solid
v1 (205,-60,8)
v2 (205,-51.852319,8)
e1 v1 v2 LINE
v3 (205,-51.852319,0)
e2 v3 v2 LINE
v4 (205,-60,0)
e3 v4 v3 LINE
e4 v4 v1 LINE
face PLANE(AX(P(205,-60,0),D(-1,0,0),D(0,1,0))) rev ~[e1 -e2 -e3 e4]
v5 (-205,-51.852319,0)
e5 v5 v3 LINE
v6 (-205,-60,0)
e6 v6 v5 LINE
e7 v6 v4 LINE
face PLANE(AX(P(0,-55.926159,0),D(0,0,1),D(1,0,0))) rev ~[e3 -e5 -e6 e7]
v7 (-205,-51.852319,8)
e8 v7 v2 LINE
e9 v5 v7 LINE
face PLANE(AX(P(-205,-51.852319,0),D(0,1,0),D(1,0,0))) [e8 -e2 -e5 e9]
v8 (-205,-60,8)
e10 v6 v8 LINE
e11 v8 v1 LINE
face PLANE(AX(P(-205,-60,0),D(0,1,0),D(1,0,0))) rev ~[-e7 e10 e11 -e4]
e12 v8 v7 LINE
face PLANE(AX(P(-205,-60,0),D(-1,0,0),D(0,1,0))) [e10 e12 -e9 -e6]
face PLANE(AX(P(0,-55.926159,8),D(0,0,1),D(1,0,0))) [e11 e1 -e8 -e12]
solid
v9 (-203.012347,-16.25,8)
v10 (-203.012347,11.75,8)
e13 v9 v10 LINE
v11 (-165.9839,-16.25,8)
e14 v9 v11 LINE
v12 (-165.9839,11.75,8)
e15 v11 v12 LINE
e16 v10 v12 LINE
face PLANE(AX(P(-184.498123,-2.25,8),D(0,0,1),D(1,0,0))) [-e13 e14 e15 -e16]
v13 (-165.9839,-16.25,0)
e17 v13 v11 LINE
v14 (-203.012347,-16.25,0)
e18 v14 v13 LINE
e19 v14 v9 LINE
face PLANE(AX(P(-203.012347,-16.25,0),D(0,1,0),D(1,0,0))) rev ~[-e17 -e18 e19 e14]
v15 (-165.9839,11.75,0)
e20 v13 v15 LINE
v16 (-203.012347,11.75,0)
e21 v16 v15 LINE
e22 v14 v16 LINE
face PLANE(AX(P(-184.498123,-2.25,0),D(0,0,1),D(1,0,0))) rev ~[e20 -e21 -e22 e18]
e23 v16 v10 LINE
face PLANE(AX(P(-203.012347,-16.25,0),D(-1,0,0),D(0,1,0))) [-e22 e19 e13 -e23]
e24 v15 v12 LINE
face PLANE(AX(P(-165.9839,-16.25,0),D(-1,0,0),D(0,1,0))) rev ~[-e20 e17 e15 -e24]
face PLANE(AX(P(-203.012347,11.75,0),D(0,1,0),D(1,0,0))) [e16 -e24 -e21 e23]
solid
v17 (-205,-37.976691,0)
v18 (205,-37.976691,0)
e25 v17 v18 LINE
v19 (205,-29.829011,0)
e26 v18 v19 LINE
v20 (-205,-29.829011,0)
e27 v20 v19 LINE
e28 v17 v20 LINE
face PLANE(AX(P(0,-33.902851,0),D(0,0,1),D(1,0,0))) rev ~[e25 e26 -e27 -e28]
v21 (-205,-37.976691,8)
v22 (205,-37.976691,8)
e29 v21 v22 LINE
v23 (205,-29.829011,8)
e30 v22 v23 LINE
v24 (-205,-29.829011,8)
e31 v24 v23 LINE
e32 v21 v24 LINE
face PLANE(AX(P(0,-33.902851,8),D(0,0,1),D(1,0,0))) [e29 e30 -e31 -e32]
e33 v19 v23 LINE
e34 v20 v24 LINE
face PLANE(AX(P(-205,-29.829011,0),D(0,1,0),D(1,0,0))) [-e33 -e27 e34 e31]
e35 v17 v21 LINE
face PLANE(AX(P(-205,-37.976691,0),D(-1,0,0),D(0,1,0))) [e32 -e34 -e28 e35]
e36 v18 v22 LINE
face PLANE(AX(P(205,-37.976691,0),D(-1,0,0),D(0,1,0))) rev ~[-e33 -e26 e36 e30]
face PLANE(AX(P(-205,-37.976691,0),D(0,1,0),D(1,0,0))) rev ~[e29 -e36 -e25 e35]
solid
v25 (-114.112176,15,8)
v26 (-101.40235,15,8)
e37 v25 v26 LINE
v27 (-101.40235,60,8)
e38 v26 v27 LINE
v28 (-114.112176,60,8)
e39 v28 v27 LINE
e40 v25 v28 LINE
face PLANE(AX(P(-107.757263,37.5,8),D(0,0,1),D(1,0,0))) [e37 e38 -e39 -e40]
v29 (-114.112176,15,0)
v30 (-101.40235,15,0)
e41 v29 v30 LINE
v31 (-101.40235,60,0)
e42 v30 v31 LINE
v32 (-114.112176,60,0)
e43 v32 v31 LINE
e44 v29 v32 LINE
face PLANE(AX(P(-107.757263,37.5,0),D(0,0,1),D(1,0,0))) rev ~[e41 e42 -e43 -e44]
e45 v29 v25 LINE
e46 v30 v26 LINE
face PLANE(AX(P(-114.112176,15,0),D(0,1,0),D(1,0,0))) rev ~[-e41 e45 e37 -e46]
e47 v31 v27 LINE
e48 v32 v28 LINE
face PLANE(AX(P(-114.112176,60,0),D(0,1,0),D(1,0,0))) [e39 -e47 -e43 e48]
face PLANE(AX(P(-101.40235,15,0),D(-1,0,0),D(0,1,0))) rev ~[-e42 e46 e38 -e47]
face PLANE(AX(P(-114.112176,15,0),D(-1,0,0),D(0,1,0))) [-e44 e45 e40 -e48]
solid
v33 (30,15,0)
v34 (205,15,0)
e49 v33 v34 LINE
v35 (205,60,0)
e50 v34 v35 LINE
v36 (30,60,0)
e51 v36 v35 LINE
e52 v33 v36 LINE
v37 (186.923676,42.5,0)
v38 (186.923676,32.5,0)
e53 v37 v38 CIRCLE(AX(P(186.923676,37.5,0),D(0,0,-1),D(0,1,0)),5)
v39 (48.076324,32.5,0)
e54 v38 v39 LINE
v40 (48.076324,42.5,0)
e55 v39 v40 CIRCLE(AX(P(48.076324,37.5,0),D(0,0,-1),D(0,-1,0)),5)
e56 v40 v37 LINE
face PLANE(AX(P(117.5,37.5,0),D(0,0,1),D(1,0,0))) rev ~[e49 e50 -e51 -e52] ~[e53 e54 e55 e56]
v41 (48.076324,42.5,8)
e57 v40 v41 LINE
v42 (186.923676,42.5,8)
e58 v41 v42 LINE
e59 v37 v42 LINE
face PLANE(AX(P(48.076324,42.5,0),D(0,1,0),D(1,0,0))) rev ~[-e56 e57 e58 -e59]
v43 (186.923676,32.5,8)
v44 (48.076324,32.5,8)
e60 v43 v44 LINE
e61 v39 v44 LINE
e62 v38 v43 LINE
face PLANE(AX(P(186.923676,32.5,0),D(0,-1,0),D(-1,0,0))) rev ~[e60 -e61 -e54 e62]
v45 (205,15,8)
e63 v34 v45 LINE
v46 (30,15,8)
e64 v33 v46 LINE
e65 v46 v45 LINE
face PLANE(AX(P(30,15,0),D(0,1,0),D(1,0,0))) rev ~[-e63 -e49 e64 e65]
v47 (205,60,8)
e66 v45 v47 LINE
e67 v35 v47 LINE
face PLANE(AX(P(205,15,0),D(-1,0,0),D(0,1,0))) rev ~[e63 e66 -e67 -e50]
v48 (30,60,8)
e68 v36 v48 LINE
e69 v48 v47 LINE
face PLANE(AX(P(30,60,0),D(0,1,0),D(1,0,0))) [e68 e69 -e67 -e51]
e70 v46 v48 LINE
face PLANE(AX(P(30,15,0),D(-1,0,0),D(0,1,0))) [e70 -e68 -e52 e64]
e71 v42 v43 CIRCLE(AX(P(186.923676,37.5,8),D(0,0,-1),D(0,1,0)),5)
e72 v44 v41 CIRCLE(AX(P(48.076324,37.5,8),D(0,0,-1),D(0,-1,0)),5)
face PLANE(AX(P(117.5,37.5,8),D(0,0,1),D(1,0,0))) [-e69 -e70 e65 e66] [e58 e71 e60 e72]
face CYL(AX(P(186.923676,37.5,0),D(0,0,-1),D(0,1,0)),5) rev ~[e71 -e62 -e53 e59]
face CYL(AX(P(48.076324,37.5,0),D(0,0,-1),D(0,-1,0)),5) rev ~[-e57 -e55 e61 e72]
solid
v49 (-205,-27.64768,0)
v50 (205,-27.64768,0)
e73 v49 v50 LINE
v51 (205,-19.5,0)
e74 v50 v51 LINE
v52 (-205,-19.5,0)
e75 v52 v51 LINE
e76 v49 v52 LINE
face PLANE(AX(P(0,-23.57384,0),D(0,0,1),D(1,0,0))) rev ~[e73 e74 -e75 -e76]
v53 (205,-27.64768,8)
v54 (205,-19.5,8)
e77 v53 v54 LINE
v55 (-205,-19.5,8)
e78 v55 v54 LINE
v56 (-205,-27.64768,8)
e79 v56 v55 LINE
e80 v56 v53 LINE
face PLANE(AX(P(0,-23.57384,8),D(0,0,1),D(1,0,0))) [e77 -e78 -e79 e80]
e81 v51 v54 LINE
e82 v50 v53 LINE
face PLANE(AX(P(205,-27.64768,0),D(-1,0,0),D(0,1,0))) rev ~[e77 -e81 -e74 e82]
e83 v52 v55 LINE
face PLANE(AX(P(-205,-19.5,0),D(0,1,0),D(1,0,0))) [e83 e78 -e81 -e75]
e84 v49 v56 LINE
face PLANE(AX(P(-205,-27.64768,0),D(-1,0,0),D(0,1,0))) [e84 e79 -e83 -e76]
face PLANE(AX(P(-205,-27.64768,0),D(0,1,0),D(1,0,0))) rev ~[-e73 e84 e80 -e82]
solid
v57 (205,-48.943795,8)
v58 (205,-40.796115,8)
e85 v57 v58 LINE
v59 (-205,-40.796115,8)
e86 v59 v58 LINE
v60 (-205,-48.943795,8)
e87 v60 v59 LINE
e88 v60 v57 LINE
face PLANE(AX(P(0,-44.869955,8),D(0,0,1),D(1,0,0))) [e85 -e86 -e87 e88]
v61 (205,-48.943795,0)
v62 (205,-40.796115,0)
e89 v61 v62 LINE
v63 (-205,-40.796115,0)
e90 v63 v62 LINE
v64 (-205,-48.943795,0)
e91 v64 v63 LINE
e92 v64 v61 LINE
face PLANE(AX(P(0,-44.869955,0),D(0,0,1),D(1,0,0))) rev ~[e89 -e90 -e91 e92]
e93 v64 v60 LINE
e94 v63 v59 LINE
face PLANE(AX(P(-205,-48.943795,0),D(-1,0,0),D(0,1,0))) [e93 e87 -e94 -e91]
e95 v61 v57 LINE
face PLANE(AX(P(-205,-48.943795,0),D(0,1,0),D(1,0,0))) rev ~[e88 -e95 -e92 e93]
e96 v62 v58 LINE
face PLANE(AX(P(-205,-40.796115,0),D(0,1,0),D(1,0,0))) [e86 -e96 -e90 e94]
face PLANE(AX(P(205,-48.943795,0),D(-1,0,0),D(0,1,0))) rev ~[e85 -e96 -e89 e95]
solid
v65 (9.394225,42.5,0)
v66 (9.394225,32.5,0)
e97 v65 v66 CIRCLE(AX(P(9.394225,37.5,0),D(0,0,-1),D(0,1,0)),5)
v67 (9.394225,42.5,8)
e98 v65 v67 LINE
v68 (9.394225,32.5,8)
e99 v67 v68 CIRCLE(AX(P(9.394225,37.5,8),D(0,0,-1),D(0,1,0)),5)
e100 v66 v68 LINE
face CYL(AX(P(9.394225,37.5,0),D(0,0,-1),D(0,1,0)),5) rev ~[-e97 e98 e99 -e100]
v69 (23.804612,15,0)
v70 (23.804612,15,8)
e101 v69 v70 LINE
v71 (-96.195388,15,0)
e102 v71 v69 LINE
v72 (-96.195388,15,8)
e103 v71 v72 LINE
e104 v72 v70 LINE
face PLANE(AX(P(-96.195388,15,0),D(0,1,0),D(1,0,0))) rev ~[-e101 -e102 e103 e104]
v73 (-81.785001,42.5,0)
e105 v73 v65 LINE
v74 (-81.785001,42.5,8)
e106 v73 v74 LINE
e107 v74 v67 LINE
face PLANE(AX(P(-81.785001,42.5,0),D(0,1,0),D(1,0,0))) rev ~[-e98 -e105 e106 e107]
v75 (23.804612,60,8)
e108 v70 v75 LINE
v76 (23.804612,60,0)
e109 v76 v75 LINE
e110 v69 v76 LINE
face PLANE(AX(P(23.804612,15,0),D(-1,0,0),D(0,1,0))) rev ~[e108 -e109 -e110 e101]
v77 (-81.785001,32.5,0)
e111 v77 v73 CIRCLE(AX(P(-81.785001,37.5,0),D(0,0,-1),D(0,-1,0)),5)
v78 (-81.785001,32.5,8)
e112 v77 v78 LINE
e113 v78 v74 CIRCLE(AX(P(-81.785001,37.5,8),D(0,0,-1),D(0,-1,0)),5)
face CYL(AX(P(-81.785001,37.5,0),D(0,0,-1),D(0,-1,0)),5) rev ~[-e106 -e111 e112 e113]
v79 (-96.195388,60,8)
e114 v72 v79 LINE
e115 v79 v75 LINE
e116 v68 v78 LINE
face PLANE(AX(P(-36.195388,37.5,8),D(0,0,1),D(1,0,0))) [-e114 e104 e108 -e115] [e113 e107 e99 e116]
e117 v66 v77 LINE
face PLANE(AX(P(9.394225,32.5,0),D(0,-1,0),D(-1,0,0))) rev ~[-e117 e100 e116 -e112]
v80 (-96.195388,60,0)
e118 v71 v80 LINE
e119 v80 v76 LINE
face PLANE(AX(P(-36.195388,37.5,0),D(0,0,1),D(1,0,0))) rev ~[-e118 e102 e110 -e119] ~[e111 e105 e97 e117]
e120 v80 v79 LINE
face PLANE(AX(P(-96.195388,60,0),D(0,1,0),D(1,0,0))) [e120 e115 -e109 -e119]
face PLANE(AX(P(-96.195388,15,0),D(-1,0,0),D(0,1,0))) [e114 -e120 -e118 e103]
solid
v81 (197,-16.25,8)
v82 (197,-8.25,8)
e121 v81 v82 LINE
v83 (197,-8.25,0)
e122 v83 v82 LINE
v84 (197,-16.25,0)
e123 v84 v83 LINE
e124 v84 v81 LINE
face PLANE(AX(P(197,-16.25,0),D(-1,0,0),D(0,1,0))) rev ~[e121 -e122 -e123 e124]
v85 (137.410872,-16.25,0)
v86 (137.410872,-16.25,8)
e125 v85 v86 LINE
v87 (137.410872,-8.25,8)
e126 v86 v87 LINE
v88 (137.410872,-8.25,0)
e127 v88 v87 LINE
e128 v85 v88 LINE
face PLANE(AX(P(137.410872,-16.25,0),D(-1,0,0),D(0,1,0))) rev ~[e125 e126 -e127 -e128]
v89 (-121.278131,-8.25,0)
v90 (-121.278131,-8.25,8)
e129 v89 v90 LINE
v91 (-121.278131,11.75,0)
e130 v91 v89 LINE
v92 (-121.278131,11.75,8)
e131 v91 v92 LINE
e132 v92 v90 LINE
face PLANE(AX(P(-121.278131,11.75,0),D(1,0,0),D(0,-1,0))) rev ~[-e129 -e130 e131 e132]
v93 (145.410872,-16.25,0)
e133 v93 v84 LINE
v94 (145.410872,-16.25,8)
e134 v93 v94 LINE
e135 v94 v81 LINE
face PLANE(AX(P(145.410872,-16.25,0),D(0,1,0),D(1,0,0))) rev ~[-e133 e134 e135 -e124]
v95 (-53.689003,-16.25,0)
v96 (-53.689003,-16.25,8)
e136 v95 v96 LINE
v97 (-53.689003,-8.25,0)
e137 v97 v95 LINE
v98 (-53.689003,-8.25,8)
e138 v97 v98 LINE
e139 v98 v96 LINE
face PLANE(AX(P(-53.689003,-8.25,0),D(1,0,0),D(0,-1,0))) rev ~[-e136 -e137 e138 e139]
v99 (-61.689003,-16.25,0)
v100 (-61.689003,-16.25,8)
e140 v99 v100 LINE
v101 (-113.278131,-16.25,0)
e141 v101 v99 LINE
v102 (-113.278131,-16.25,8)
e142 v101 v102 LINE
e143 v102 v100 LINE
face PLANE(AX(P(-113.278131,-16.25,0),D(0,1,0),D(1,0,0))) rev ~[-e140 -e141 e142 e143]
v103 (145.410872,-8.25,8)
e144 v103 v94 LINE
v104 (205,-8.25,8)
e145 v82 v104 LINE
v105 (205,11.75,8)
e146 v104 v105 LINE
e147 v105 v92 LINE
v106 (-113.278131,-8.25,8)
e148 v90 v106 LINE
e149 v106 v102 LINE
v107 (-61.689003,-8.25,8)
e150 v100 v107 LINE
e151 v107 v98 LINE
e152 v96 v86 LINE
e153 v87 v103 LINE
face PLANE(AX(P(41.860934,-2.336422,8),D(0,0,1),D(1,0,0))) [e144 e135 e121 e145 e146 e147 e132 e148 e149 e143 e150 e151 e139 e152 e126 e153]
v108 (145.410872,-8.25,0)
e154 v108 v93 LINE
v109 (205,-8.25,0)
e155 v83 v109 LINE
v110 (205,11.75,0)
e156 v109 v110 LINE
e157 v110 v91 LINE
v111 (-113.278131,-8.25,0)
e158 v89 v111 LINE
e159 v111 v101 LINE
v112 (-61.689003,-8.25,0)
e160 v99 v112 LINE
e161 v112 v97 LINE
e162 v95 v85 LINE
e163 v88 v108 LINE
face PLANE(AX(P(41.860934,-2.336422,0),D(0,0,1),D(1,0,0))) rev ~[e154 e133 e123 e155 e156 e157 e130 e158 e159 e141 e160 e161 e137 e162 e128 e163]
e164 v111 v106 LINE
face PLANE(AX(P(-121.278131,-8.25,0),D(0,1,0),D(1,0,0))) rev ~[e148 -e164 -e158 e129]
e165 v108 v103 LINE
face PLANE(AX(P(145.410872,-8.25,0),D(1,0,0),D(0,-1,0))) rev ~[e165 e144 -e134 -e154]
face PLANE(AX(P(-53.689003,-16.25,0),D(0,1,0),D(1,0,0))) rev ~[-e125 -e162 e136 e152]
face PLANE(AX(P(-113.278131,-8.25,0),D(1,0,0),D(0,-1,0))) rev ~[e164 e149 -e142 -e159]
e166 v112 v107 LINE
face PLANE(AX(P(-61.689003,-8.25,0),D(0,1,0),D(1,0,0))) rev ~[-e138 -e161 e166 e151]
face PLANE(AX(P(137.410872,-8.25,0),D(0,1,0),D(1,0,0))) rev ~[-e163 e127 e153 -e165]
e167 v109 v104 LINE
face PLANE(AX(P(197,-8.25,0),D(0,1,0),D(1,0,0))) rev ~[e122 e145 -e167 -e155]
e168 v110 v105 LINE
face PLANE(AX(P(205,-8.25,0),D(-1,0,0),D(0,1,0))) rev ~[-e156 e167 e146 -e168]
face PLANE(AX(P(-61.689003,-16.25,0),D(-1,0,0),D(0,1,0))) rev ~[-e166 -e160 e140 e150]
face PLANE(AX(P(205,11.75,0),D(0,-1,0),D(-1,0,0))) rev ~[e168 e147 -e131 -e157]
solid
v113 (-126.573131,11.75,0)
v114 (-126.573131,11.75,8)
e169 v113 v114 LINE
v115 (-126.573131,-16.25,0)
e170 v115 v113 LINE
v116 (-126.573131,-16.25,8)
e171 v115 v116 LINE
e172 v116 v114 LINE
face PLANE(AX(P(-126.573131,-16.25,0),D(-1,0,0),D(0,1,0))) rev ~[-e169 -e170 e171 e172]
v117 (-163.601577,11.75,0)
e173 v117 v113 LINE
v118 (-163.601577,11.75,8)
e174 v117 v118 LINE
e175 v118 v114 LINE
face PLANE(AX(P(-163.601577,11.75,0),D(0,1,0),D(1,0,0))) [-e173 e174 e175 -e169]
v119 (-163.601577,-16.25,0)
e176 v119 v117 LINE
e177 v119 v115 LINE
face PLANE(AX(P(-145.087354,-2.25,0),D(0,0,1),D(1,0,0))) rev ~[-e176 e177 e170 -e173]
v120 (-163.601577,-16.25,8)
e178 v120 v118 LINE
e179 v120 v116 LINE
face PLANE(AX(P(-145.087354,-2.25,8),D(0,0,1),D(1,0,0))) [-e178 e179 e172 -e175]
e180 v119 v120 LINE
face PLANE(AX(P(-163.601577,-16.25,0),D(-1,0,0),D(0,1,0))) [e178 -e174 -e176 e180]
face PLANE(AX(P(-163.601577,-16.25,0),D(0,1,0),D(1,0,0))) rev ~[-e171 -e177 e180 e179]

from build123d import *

# Parameters (mm, degrees)
F0_W     = 175
F0_H     = 45
F0_W_2   = 120
F0_W_3   = 12.709826
F0_W_4   = 410
F0_H_2   = 8.147681
F0_H_3   = 8.14768
F0_W_5   = 37.028447
F0_H_4   = 28
F1_DEPTH = 8


with BuildPart() as f1:
    # F0 (on Top) → F1 (new body)
    with BuildSketch(Plane.XY):
        with Locations((117.5, 37.5)):
            Rectangle(F0_W, F0_H)
        with BuildLine():
            Line((186.923676, 32.5), (48.076324, 32.5))
            ThreePointArc((48.076324, 32.5), (43.076324, 37.5), (48.076324, 42.5))
            Line((48.076324, 42.5), (186.923676, 42.5))
            ThreePointArc((186.923676, 42.5), (191.923676, 37.5), (186.923676, 32.5))
        make_face(mode=Mode.SUBTRACT)
        with Locations((-36.195388, 37.5)):
            Rectangle(F0_W_2, F0_H)
        with BuildLine():
            ThreePointArc((-81.785001, 32.5), (-86.785001, 37.5), (-81.785001, 42.5))
            Line((-81.785001, 42.5), (9.394225, 42.5))
            ThreePointArc((9.394225, 42.5), (14.394225, 37.5), (9.394225, 32.5))
            Line((9.394225, 32.5), (-81.785001, 32.5))
        make_face(mode=Mode.SUBTRACT)
        with Locations((-107.757263, 37.5)):
            Rectangle(F0_W_3, F0_H)
        Polygon((205, -8.25), (205, 11.75), (-121.278131, 11.75), (-121.278131, -8.25), (-113.278131, -8.25), (-113.278131, -16.25), (-61.689003, -16.25), (-61.689003, -8.25), (-53.689003, -8.25), (-53.689003, -16.25), (137.410872, -16.25), (137.410872, -8.25), (145.410872, -8.25), (145.410872, -16.25), (197, -16.25), (197, -8.25), align=None)
        with Locations((0, -23.57384)):
            Rectangle(F0_W_4, F0_H_2)
        with Locations((0, -33.902851)):
            Rectangle(F0_W_4, F0_H_3)
        with Locations((0, -55.926159)):
            Rectangle(F0_W_4, F0_H_2)
        with Locations((0, -44.869955)):
            Rectangle(F0_W_4, F0_H_3)
        with Locations((-145.087354, -2.25)):
            Rectangle(F0_W_5, F0_H_4)
        with Locations((-184.498123, -2.25)):
            Rectangle(F0_W_5, F0_H_4)
    extrude(amount=F1_DEPTH)


solid = f1.part
